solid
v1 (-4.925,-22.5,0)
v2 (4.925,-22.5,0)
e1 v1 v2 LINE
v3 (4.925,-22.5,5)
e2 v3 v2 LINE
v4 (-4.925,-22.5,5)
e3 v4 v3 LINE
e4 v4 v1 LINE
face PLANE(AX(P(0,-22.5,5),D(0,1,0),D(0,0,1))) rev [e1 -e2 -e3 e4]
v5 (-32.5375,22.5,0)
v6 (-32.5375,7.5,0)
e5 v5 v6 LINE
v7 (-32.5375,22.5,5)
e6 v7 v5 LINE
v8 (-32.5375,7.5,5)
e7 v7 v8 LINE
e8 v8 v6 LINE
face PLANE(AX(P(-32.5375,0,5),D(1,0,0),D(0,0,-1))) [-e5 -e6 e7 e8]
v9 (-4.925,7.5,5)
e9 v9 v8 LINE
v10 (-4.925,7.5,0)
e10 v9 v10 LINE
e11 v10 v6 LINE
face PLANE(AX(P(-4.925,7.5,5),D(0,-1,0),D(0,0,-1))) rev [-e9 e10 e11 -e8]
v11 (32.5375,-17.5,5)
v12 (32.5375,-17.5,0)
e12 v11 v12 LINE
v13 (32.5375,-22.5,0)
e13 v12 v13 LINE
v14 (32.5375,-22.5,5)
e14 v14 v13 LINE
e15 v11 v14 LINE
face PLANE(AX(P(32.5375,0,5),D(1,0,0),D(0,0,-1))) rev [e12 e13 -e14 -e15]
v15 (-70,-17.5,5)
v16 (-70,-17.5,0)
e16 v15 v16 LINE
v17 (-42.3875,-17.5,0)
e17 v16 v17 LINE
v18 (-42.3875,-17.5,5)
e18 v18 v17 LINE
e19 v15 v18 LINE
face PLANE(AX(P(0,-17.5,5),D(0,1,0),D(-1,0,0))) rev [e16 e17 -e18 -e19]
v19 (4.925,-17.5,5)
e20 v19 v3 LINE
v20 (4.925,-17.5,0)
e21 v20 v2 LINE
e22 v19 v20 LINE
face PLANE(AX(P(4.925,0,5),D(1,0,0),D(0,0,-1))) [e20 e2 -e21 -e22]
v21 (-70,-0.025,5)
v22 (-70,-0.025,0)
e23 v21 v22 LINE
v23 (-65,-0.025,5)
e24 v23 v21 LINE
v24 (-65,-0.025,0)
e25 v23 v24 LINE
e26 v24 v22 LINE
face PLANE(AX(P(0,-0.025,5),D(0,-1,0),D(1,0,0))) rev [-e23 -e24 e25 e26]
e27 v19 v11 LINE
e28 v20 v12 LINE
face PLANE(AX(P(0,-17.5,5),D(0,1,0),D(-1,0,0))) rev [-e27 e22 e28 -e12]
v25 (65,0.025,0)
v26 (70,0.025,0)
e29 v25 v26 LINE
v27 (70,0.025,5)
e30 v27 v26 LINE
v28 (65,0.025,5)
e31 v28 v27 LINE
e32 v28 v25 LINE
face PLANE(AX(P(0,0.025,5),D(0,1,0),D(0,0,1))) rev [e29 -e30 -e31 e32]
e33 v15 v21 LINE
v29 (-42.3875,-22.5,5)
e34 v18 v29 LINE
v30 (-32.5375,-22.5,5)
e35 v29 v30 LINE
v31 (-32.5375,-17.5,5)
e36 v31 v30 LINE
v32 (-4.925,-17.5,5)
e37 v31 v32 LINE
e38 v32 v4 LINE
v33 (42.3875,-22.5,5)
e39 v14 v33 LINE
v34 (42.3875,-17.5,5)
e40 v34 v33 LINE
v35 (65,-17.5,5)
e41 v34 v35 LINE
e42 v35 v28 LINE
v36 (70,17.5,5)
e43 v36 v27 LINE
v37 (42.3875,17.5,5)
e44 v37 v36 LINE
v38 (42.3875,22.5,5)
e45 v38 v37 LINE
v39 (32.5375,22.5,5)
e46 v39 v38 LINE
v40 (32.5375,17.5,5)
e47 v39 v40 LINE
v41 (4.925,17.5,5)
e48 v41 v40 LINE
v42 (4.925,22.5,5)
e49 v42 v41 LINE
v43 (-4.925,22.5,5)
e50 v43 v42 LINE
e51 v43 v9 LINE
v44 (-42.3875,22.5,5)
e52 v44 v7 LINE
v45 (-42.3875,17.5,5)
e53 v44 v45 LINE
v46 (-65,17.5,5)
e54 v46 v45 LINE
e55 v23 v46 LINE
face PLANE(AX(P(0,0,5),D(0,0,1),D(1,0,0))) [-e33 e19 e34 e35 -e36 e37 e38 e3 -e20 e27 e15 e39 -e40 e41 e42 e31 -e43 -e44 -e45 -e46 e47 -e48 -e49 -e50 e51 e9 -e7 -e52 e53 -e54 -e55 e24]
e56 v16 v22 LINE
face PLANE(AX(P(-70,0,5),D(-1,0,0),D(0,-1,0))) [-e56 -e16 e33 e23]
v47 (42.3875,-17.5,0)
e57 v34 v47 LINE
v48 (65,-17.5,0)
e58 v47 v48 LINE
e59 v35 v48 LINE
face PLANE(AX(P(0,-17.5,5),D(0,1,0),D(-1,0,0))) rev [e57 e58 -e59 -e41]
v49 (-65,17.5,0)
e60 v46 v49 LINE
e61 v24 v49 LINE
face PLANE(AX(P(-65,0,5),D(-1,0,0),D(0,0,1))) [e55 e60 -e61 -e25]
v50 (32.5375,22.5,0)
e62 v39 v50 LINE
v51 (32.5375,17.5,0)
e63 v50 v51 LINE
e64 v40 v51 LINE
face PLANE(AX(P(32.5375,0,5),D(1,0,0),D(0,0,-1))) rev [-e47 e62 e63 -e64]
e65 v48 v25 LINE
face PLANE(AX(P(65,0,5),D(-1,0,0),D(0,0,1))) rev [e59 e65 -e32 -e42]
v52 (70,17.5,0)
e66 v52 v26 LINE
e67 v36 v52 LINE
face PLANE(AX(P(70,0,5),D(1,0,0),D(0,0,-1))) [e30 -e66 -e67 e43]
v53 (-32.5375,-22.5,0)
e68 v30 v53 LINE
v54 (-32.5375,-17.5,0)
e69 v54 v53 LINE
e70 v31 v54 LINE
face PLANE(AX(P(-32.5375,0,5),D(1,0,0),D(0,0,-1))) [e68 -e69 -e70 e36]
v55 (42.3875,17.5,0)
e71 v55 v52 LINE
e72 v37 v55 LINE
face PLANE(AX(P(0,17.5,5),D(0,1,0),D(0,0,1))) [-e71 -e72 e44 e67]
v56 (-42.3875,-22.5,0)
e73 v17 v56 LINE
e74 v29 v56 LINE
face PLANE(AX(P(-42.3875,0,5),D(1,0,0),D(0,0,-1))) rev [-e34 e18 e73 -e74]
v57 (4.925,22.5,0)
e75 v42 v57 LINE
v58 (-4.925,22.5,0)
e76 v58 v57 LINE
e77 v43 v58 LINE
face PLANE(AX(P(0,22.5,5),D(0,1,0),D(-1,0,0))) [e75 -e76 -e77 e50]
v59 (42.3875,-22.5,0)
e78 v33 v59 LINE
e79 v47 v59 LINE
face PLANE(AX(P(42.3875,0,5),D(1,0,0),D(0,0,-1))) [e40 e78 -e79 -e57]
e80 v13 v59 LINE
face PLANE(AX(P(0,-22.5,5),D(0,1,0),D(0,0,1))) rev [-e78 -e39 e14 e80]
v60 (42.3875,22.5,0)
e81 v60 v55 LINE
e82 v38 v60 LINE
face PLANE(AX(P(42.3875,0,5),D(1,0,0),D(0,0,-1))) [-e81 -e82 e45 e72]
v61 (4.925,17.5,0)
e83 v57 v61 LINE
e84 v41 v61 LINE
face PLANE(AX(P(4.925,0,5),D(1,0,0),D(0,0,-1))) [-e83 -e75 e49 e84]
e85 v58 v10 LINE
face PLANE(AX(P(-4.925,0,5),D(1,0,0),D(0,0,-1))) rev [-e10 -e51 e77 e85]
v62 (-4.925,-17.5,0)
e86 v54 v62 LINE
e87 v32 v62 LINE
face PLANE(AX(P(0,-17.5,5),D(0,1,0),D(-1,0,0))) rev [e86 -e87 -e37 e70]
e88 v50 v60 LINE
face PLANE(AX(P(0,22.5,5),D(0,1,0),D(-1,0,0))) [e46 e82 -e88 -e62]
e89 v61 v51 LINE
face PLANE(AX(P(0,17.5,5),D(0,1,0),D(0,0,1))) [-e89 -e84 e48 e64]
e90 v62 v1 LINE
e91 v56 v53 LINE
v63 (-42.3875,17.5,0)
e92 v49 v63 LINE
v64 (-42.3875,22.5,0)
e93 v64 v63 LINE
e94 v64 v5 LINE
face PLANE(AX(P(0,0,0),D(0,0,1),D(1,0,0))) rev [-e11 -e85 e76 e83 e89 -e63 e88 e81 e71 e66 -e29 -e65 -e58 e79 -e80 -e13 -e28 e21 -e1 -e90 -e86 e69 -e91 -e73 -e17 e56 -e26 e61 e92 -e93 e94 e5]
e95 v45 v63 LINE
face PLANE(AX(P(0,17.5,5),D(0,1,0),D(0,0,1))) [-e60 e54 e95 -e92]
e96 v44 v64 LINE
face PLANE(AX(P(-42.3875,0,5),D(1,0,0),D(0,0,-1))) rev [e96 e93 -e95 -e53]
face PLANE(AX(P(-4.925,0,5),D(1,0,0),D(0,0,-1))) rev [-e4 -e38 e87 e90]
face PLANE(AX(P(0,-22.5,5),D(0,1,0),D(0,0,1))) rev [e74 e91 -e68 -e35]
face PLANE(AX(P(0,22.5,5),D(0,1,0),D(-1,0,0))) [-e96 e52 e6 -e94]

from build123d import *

# Parameters (mm, degrees)
SKETCH2_W           = 130
SKETCH2_H           = 35
SKETCH2_W_2         = 5
SKETCH2_H_2         = 17.475
SKETCH2_W_3         = 9.85
SKETCH2_H_3         = 5
BOSS_EXTRUDE1_DEPTH = 5
SKETCH3_W           = 27.6125
SKETCH3_H           = 10
CUT_EXTRUDE1_DEPTH  = 74.697014865


with BuildPart() as part:
    # Sketch2 → Boss-Extrude1 (new body)
    with BuildSketch(Plane.XY):
        Rectangle(SKETCH2_W, SKETCH2_H)
        with Locations((-67.5, -8.7625)):
            Rectangle(SKETCH2_W_2, SKETCH2_H_2)
        with Locations((-37.4625, 20)):
            Rectangle(SKETCH2_W_3, SKETCH2_H_3)
        with Locations((0, 20)):
            Rectangle(SKETCH2_W_3, SKETCH2_H_3)
        with Locations((37.4625, 20)):
            Rectangle(SKETCH2_W_3, SKETCH2_H_3)
        with Locations((67.5, 8.7625)):
            Rectangle(SKETCH2_W_2, SKETCH2_H_2)
        with Locations((37.4625, -20)):
            Rectangle(SKETCH2_W_3, SKETCH2_H_3)
        with Locations((0, -20)):
            Rectangle(SKETCH2_W_3, SKETCH2_H_3)
        with Locations((-37.4625, -20)):
            Rectangle(SKETCH2_W_3, SKETCH2_H_3)
    extrude(amount=BOSS_EXTRUDE1_DEPTH)

    # Sketch3 → Cut-Extrude1 (cut, through all)
    with BuildSketch(Plane(origin=(0, 0, 0), x_dir=(-1, 0, 0), z_dir=(0, 0, -1))):
        with Locations((18.73125, 12.5)):
            Rectangle(SKETCH3_W, SKETCH3_H)
    extrude(amount=-CUT_EXTRUDE1_DEPTH, mode=Mode.SUBTRACT)


solid = part.part
